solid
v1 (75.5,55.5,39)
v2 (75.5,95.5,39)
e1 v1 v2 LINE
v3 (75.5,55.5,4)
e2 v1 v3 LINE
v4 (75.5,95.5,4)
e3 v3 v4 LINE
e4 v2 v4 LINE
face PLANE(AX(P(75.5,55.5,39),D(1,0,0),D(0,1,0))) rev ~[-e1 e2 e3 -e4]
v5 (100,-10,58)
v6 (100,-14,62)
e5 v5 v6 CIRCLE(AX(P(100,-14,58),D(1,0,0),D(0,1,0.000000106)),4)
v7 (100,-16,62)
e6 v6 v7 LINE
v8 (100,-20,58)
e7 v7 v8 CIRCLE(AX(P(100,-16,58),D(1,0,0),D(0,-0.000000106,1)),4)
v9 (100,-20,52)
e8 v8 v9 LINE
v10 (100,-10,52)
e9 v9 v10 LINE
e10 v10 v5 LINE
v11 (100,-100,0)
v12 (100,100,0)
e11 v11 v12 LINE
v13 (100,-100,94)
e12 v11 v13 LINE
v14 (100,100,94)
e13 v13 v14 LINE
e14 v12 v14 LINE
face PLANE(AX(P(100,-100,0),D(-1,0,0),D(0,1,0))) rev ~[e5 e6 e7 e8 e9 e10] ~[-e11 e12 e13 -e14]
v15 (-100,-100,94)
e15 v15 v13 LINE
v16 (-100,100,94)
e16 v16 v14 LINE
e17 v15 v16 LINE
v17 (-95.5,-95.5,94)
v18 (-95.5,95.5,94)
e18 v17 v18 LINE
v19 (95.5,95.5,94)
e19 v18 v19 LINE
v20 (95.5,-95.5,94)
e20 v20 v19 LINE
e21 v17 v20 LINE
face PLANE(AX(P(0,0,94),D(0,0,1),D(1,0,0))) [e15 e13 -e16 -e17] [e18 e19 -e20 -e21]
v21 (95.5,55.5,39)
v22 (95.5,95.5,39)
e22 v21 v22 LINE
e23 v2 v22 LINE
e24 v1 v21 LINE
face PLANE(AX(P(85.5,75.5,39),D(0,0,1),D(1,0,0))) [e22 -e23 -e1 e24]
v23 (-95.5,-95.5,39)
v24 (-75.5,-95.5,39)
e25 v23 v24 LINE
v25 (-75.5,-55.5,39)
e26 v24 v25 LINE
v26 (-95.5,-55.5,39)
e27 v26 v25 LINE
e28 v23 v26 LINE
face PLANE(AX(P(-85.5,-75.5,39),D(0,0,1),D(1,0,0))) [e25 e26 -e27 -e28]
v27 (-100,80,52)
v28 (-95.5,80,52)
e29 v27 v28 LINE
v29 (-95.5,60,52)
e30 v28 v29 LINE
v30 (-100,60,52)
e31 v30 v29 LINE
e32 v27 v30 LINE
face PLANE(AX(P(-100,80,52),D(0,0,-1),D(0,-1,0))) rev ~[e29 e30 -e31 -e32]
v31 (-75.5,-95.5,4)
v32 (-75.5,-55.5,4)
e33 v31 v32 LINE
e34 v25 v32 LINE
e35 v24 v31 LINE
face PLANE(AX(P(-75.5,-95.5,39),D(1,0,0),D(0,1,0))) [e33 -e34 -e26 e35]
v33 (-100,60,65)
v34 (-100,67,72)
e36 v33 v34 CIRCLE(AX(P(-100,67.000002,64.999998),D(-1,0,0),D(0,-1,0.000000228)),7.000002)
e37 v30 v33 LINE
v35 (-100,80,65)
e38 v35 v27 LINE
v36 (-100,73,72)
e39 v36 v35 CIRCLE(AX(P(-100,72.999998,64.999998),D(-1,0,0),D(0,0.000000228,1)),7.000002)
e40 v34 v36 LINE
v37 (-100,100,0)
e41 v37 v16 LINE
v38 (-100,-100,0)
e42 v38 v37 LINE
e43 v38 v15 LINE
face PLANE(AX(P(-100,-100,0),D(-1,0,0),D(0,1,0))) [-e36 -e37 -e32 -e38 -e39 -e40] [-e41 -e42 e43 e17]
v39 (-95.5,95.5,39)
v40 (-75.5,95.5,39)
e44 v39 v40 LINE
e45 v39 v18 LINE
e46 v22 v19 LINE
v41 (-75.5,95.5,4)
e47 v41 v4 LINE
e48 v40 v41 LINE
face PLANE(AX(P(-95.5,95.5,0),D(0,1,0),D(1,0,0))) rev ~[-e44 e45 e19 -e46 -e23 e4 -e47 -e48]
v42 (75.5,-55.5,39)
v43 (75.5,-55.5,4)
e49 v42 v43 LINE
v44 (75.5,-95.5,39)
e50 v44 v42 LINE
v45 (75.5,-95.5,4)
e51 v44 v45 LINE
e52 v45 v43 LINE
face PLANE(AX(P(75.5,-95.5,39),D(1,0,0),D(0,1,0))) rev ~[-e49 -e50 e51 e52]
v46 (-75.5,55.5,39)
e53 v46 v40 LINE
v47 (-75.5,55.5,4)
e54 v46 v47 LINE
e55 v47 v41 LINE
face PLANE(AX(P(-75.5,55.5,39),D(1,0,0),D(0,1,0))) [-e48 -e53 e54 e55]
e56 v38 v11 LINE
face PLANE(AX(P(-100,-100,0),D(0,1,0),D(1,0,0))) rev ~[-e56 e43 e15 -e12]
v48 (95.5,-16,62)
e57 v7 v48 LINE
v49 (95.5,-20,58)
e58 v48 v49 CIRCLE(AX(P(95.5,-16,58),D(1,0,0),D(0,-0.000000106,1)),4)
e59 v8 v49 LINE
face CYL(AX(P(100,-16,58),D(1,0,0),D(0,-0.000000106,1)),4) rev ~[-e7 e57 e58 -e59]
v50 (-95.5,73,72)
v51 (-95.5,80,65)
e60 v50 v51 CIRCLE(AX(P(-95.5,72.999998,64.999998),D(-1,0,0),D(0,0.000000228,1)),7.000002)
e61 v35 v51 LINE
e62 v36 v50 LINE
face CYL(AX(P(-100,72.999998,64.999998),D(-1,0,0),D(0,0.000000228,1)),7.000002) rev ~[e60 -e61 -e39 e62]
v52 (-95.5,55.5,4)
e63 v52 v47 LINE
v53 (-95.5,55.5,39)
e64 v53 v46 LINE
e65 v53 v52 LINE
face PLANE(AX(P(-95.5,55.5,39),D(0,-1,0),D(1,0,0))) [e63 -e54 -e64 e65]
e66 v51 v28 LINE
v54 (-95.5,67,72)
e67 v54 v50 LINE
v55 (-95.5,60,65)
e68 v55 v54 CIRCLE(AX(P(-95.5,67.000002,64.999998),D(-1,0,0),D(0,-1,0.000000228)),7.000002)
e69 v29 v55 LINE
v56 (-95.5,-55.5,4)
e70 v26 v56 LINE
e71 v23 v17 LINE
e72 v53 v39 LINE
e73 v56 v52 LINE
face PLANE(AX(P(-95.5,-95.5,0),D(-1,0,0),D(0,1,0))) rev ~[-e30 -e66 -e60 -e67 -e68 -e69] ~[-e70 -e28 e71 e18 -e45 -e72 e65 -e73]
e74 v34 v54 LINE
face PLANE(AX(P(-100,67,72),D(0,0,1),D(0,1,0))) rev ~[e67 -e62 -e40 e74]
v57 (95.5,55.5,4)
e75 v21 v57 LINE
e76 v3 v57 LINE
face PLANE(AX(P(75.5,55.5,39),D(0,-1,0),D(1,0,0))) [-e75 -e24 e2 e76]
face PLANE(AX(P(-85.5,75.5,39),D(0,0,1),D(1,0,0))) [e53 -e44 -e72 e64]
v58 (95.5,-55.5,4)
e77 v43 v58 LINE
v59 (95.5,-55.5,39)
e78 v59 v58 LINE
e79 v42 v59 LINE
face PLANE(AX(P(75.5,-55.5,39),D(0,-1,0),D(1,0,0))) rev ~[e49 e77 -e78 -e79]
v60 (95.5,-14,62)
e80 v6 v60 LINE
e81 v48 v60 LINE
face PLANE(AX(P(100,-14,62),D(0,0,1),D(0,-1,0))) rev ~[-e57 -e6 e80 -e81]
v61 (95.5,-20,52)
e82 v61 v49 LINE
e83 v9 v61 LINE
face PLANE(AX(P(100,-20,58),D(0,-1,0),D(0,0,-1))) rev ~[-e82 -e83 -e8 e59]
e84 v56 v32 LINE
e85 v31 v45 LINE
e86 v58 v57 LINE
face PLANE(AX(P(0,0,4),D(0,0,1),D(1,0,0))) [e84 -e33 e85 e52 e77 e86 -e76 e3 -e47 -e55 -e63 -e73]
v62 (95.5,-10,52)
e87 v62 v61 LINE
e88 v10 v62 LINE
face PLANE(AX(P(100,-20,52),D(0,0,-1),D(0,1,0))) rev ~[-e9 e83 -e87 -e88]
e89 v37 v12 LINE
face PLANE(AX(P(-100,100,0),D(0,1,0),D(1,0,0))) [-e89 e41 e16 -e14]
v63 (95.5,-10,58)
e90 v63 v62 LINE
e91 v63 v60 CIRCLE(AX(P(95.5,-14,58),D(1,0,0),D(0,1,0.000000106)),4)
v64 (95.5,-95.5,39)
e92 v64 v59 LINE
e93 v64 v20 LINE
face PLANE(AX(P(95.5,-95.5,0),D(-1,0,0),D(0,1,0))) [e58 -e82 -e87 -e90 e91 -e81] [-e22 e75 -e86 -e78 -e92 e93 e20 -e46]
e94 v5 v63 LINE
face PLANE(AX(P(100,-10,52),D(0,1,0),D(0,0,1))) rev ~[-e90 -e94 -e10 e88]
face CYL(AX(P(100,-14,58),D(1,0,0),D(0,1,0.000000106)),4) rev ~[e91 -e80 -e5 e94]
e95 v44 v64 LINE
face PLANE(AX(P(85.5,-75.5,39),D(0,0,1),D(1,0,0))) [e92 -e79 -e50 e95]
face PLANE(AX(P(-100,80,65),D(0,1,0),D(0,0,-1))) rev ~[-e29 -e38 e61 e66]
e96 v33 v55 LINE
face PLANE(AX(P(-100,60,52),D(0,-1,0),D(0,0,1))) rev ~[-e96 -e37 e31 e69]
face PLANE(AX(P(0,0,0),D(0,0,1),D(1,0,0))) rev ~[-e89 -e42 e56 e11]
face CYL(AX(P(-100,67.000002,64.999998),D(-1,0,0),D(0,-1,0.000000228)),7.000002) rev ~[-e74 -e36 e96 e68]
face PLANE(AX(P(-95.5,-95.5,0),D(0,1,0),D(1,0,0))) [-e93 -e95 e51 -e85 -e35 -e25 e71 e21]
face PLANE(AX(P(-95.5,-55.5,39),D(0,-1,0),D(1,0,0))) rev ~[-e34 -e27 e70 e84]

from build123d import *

# Parameters (mm, degrees)
F1_W      = 200
F1_H      = 200
F1_W_2    = 191
F1_H_2    = 191
F2_DEPTH  = 94
F0_W      = 191
F0_H      = 191
F3_DEPTH  = 4
F6_W      = 20
F6_H      = 40
F9_DEPTH  = 35
F5_W      = 20
F5_H      = 40
F10_DEPTH = 35
F8_W      = 20
F8_H      = 40
F11_DEPTH = 35
F7_W      = 20
F7_H      = 40
F12_DEPTH = 35
F14_DEPTH = 25
F16_DEPTH = 25


with BuildPart() as f2:
    # F1 (on face) → F2 (new body)
    with BuildSketch(Plane.XY):
        Rectangle(F1_W, F1_H)
        Rectangle(F1_W_2, F1_H_2, mode=Mode.SUBTRACT)
    extrude(amount=F2_DEPTH)

    # F0 (on Top) → F3 (join)
    with BuildSketch(Plane.XY):
        Rectangle(F0_W, F0_H)
    extrude(amount=F3_DEPTH)

    # F6 (on offset) → F9 (join)
    with BuildSketch(Plane.XY.offset(39)):
        with Locations((-85.5, 75.5)):
            Rectangle(F6_W, F6_H)
    extrude(amount=-F9_DEPTH)

    # F5 (on offset) → F10 (join)
    with BuildSketch(Plane.XY.offset(39)):
        with Locations((-85.5, -75.5)):
            Rectangle(F5_W, F5_H)
    extrude(amount=-F10_DEPTH)

    # F8 (on offset) → F11 (join)
    with BuildSketch(Plane.XY.offset(39)):
        with Locations((85.5, -75.5)):
            Rectangle(F8_W, F8_H)
    extrude(amount=-F11_DEPTH)

    # F7 (on offset) → F12 (join)
    with BuildSketch(Plane.XY.offset(39)):
        with Locations((85.5, 75.5)):
            Rectangle(F7_W, F7_H)
    extrude(amount=-F12_DEPTH)

    # F13 (on face) → F14 (cut)
    with BuildSketch(Plane(origin=(-100, 0, 0), x_dir=(0, -1, 0), z_dir=(-1, 0, 0))):
        with BuildLine():
            Line((-67, 72), (-73, 72))
            ThreePointArc((-73, 72), (-77.949747, 69.949747), (-80, 65))
            Line((-80, 65), (-80, 52))
            Line((-80, 52), (-60, 52))
            Line((-60, 52), (-60, 65))
            ThreePointArc((-60, 65), (-62.050253, 69.949747), (-67, 72))
        make_face()
    extrude(amount=-F14_DEPTH, mode=Mode.SUBTRACT)

    # F15 (on face) → F16 (cut)
    with BuildSketch(Plane.YZ.offset(100)):
        with BuildLine():
            Line((-14, 62), (-16, 62))
            ThreePointArc((-16, 62), (-18.828427, 60.828427), (-20, 58))
            Line((-20, 58), (-20, 52))
            Line((-20, 52), (-10, 52))
            Line((-10, 52), (-10, 58))
            ThreePointArc((-10, 58), (-11.171573, 60.828427), (-14, 62))
        make_face()
    extrude(amount=-F16_DEPTH, mode=Mode.SUBTRACT)


solid = f2.part
